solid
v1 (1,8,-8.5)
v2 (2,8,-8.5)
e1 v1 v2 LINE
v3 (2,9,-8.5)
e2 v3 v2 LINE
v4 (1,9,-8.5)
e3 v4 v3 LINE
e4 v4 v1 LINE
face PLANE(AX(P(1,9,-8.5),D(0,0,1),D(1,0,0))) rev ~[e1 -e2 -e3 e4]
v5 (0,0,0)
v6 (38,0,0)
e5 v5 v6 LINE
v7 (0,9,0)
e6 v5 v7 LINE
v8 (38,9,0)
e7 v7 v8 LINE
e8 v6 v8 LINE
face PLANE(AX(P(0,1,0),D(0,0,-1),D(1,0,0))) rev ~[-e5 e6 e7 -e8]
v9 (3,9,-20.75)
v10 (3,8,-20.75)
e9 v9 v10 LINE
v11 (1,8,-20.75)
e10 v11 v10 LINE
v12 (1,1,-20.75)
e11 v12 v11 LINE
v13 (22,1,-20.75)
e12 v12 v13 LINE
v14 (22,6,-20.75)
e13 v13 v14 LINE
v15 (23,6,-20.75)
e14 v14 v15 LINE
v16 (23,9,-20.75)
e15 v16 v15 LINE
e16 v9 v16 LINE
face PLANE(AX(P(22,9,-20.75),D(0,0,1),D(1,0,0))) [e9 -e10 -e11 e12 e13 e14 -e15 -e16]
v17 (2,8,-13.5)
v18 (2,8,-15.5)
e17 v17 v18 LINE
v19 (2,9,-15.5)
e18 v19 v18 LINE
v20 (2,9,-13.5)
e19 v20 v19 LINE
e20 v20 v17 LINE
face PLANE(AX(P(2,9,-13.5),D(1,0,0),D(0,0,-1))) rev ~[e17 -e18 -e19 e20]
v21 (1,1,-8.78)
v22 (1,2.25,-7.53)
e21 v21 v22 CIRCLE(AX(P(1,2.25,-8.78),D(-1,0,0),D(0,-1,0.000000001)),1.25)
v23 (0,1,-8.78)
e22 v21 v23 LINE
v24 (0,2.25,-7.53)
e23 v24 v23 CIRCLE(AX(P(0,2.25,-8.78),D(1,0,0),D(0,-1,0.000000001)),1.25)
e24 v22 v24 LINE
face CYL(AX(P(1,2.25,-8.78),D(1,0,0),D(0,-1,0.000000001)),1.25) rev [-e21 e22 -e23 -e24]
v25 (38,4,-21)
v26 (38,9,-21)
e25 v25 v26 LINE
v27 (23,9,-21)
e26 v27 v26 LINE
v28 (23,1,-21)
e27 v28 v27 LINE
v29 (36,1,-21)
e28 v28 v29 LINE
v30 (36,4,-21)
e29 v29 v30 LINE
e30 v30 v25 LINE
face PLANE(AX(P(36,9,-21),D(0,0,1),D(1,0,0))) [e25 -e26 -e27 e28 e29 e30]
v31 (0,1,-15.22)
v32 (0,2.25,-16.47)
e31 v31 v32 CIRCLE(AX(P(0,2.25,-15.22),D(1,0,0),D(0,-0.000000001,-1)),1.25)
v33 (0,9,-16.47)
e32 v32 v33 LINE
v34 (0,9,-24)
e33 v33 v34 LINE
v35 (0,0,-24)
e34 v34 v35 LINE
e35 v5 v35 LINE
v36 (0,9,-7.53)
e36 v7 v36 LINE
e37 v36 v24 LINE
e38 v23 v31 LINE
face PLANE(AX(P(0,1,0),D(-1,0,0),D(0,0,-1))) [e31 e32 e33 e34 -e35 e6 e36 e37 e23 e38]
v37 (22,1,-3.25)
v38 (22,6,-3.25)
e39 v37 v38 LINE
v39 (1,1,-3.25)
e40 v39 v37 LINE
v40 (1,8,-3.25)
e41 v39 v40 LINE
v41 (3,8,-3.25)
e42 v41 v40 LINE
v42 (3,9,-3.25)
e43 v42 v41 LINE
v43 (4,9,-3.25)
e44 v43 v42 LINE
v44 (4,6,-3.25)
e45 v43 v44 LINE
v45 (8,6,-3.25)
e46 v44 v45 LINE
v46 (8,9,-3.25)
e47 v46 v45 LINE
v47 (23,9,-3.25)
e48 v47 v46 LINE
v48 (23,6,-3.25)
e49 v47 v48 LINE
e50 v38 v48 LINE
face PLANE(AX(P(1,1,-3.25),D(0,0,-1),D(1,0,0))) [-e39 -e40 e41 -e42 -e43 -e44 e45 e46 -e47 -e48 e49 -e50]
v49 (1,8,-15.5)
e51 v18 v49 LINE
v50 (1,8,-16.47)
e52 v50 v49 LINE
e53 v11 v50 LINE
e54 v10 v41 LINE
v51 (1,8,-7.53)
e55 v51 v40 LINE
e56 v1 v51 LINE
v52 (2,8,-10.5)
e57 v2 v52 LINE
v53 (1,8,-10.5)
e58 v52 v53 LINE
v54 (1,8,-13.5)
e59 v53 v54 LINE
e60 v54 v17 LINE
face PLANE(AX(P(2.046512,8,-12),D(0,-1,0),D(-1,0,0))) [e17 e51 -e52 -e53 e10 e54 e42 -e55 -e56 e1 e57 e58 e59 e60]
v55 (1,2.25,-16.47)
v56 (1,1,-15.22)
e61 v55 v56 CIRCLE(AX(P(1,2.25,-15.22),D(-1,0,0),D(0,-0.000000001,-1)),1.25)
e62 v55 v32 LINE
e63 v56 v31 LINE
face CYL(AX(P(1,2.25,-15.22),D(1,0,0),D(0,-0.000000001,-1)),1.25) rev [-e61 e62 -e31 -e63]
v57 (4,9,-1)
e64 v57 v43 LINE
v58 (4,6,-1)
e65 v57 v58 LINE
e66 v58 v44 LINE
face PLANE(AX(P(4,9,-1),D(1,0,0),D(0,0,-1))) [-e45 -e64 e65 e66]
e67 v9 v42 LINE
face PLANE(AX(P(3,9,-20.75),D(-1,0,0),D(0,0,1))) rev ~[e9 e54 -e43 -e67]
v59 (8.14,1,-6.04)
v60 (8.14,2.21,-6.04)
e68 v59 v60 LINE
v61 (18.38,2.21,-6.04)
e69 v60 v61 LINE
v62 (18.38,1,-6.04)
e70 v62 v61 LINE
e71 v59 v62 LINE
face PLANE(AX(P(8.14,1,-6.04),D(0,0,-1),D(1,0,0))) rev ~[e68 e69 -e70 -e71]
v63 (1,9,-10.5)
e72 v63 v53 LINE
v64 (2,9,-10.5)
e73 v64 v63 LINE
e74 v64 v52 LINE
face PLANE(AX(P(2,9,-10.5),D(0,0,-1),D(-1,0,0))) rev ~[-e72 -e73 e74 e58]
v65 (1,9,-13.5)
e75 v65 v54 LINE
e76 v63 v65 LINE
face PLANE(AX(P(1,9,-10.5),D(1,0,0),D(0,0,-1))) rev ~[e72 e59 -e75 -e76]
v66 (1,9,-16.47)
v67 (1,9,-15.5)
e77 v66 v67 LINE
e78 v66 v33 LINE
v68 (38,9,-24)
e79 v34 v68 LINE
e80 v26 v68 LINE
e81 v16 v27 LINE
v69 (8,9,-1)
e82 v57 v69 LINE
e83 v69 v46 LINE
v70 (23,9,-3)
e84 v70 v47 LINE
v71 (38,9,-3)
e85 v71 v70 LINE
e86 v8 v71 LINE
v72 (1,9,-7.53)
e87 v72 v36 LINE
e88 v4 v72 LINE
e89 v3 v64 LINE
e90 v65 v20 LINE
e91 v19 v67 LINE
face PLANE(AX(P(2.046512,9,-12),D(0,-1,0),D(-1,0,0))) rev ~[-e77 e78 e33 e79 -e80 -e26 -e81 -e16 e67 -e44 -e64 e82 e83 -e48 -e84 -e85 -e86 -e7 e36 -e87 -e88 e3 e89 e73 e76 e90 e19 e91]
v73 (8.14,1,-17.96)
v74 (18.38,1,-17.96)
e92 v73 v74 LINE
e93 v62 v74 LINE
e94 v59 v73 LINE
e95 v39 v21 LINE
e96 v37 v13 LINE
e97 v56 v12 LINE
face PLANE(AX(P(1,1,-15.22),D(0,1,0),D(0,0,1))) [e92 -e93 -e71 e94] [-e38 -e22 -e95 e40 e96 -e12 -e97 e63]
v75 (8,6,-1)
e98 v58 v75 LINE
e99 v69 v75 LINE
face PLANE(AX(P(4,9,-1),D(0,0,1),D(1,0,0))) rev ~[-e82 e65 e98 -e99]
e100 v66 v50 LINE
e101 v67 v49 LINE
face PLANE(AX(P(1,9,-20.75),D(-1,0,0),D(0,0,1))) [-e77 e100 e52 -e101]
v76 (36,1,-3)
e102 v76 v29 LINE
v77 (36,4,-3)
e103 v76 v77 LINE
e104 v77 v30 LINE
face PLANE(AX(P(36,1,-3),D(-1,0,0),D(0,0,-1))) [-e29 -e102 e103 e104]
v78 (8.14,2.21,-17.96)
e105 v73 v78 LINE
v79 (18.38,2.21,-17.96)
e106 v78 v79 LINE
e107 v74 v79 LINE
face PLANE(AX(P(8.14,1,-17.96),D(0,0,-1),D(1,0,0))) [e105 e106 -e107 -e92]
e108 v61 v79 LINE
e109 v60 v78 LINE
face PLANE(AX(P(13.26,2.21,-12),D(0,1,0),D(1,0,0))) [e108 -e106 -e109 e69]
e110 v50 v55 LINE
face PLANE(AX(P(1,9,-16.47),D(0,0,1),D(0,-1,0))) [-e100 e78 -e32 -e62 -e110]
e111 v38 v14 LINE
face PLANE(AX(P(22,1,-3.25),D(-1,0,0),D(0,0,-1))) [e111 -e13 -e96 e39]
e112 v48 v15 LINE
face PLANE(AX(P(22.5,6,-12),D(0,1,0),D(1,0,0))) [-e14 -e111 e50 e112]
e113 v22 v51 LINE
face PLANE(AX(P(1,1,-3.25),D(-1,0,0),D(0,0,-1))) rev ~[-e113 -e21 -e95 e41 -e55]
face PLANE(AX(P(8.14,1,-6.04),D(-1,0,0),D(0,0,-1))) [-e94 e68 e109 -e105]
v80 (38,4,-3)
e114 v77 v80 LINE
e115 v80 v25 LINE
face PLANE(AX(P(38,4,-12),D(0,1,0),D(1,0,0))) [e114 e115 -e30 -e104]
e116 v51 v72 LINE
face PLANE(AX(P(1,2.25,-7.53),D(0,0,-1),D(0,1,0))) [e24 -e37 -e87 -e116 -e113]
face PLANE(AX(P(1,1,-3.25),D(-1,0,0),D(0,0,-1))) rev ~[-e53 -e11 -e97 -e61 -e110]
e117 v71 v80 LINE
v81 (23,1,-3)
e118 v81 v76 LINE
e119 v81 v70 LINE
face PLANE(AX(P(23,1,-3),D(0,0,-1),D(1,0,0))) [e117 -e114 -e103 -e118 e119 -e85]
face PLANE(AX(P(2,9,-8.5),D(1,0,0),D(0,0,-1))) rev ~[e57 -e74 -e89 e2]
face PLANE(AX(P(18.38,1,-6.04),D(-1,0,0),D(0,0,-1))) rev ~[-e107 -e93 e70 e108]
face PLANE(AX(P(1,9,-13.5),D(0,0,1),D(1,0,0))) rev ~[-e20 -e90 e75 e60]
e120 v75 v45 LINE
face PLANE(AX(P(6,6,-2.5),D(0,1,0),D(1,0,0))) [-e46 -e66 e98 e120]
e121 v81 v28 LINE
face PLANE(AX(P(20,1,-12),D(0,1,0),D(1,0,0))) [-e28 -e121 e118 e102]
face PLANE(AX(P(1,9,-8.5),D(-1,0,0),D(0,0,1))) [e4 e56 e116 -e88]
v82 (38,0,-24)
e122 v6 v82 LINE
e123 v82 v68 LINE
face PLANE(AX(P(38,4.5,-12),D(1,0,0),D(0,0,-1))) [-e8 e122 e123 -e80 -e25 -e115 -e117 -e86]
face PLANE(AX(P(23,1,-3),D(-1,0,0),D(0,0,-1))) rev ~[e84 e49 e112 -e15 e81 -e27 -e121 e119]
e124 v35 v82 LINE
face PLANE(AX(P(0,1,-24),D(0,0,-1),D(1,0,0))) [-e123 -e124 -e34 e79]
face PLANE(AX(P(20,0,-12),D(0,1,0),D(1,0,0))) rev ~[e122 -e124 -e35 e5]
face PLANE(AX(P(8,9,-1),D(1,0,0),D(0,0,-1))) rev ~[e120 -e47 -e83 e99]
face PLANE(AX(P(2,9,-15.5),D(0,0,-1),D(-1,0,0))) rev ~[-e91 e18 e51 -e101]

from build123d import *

# Parameters (mm, degrees)
SKETCH1_W           = 40
SKETCH1_H           = 24
BOSS_EXTRUDE1_DEPTH = 1
SKETCH2_W           = 40
SKETCH2_H           = 24
SKETCH2_W_2         = 21
SKETCH2_H_2         = 17.5
SKETCH2_W_3         = 13
SKETCH2_H_3         = 18
BOSS_EXTRUDE3_DEPTH = 8
SKETCH3_W           = 1
SKETCH3_H           = 17.5
CUT_EXTRUDE2_DEPTH  = 3
SKETCH4_W           = 10.24
SKETCH4_H           = 11.92
BOSS_EXTRUDE4_DEPTH = 1.21
CUT_EXTRUDE3_DEPTH  = 2
SKETCH8_W           = 4
SKETCH8_H           = 18
CUT_EXTRUDE4_DEPTH  = 5
SKETCH11_W          = 24
SKETCH11_H          = 9
CUT_EXTRUDE5_DEPTH  = 2
SKETCH12_W          = 4
SKETCH12_H          = 3
CUT_EXTRUDE6_DEPTH  = 3
BOSS_EXTRUDE5_DEPTH = 1


with BuildPart() as part:
    # Sketch1 → Boss-Extrude1 (new body)
    with BuildSketch(Plane(origin=(0, 0, 0), x_dir=(1, 0, 0), z_dir=(0, 1, 0))):
        with Locations((20, 12)):
            Rectangle(SKETCH1_W, SKETCH1_H)
    extrude(amount=BOSS_EXTRUDE1_DEPTH)

    # Sketch2 → Boss-Extrude3 (add)
    with BuildSketch(Plane(origin=(0, 1, 0), x_dir=(1, 0, 0), z_dir=(0, 1, 0))):
        with Locations((20, 12)):
            Rectangle(SKETCH2_W, SKETCH2_H)
        with Locations((11.5, 12)):
            Rectangle(SKETCH2_W_2, SKETCH2_H_2, mode=Mode.SUBTRACT)
        with Locations((29.5, 12)):
            Rectangle(SKETCH2_W_3, SKETCH2_H_3, mode=Mode.SUBTRACT)
    extrude(amount=BOSS_EXTRUDE3_DEPTH)

    # Sketch3 → Cut-Extrude2 (cut)
    with BuildSketch(Plane(origin=(0, 9, 0), x_dir=(1, 0, 0), z_dir=(0, 1, 0))):
        with Locations((22.5, 12)):
            Rectangle(SKETCH3_W, SKETCH3_H)
    extrude(amount=-CUT_EXTRUDE2_DEPTH, mode=Mode.SUBTRACT)

    # Sketch4 → Boss-Extrude4 (add)
    with BuildSketch(Plane(origin=(0, 1, 0), x_dir=(1, 0, 0), z_dir=(0, 1, 0))):
        with Locations((13.26, 12)):
            Rectangle(SKETCH4_W, SKETCH4_H)
    extrude(amount=BOSS_EXTRUDE4_DEPTH)

    # Sketch5 → Cut-Extrude3 (cut)
    with BuildSketch(Plane(origin=(1, 0, 0), x_dir=(0, 0, -1), z_dir=(1, 0, 0))):
        with BuildLine():
            Line((7.53, 2.25), (7.53, 2.96))
            Line((7.53, 2.96), (7.53, 9))
            Line((7.53, 9), (16.47, 9))
            Line((16.47, 9), (16.47, 2.96))
            Line((16.47, 2.96), (16.47, 2.25))
            ThreePointArc((16.47, 2.25), (16.103883476, 1.366116524), (15.22, 1))
            Line((15.22, 1), (8.78, 1))
            ThreePointArc((8.78, 1), (7.896116524, 1.366116524), (7.53, 2.25))
        make_face()
    extrude(amount=-CUT_EXTRUDE3_DEPTH, mode=Mode.SUBTRACT)

    # Sketch8 → Cut-Extrude4 (cut)
    with BuildSketch(Plane(origin=(0, 9, 0), x_dir=(1, 0, 0), z_dir=(0, 1, 0))):
        with Locations((38, 12)):
            Rectangle(SKETCH8_W, SKETCH8_H)
    extrude(amount=-CUT_EXTRUDE4_DEPTH, mode=Mode.SUBTRACT)

    # Sketch11 → Cut-Extrude5 (cut)
    with BuildSketch(Plane(origin=(40, 0, 0), x_dir=(0, 0, -1), z_dir=(1, 0, 0))):
        with Locations((12, 4.5)):
            Rectangle(SKETCH11_W, SKETCH11_H)
    extrude(amount=-CUT_EXTRUDE5_DEPTH, mode=Mode.SUBTRACT)

    # Sketch12 → Cut-Extrude6 (cut)
    with BuildSketch(Plane(origin=(0, 9, 0), x_dir=(1, 0, 0), z_dir=(0, 1, 0))):
        with Locations((6, 2.5)):
            Rectangle(SKETCH12_W, SKETCH12_H)
    extrude(amount=-CUT_EXTRUDE6_DEPTH, mode=Mode.SUBTRACT)

    # Sketch13 → Boss-Extrude5 (add)
    with BuildSketch(Plane(origin=(0, 9, 0), x_dir=(1, 0, 0), z_dir=(0, 1, 0))):
        Polygon((1, 20.75), (3, 20.75), (3, 3.25), (1, 3.25), (1, 7.53), (1, 8.5), (2, 8.5), (2, 10.5), (1, 10.5), (1, 13.5), (2, 13.5), (2, 15.5), (1, 15.5), (1, 16.47), align=None)
    extrude(amount=-BOSS_EXTRUDE5_DEPTH)


solid = part.part
